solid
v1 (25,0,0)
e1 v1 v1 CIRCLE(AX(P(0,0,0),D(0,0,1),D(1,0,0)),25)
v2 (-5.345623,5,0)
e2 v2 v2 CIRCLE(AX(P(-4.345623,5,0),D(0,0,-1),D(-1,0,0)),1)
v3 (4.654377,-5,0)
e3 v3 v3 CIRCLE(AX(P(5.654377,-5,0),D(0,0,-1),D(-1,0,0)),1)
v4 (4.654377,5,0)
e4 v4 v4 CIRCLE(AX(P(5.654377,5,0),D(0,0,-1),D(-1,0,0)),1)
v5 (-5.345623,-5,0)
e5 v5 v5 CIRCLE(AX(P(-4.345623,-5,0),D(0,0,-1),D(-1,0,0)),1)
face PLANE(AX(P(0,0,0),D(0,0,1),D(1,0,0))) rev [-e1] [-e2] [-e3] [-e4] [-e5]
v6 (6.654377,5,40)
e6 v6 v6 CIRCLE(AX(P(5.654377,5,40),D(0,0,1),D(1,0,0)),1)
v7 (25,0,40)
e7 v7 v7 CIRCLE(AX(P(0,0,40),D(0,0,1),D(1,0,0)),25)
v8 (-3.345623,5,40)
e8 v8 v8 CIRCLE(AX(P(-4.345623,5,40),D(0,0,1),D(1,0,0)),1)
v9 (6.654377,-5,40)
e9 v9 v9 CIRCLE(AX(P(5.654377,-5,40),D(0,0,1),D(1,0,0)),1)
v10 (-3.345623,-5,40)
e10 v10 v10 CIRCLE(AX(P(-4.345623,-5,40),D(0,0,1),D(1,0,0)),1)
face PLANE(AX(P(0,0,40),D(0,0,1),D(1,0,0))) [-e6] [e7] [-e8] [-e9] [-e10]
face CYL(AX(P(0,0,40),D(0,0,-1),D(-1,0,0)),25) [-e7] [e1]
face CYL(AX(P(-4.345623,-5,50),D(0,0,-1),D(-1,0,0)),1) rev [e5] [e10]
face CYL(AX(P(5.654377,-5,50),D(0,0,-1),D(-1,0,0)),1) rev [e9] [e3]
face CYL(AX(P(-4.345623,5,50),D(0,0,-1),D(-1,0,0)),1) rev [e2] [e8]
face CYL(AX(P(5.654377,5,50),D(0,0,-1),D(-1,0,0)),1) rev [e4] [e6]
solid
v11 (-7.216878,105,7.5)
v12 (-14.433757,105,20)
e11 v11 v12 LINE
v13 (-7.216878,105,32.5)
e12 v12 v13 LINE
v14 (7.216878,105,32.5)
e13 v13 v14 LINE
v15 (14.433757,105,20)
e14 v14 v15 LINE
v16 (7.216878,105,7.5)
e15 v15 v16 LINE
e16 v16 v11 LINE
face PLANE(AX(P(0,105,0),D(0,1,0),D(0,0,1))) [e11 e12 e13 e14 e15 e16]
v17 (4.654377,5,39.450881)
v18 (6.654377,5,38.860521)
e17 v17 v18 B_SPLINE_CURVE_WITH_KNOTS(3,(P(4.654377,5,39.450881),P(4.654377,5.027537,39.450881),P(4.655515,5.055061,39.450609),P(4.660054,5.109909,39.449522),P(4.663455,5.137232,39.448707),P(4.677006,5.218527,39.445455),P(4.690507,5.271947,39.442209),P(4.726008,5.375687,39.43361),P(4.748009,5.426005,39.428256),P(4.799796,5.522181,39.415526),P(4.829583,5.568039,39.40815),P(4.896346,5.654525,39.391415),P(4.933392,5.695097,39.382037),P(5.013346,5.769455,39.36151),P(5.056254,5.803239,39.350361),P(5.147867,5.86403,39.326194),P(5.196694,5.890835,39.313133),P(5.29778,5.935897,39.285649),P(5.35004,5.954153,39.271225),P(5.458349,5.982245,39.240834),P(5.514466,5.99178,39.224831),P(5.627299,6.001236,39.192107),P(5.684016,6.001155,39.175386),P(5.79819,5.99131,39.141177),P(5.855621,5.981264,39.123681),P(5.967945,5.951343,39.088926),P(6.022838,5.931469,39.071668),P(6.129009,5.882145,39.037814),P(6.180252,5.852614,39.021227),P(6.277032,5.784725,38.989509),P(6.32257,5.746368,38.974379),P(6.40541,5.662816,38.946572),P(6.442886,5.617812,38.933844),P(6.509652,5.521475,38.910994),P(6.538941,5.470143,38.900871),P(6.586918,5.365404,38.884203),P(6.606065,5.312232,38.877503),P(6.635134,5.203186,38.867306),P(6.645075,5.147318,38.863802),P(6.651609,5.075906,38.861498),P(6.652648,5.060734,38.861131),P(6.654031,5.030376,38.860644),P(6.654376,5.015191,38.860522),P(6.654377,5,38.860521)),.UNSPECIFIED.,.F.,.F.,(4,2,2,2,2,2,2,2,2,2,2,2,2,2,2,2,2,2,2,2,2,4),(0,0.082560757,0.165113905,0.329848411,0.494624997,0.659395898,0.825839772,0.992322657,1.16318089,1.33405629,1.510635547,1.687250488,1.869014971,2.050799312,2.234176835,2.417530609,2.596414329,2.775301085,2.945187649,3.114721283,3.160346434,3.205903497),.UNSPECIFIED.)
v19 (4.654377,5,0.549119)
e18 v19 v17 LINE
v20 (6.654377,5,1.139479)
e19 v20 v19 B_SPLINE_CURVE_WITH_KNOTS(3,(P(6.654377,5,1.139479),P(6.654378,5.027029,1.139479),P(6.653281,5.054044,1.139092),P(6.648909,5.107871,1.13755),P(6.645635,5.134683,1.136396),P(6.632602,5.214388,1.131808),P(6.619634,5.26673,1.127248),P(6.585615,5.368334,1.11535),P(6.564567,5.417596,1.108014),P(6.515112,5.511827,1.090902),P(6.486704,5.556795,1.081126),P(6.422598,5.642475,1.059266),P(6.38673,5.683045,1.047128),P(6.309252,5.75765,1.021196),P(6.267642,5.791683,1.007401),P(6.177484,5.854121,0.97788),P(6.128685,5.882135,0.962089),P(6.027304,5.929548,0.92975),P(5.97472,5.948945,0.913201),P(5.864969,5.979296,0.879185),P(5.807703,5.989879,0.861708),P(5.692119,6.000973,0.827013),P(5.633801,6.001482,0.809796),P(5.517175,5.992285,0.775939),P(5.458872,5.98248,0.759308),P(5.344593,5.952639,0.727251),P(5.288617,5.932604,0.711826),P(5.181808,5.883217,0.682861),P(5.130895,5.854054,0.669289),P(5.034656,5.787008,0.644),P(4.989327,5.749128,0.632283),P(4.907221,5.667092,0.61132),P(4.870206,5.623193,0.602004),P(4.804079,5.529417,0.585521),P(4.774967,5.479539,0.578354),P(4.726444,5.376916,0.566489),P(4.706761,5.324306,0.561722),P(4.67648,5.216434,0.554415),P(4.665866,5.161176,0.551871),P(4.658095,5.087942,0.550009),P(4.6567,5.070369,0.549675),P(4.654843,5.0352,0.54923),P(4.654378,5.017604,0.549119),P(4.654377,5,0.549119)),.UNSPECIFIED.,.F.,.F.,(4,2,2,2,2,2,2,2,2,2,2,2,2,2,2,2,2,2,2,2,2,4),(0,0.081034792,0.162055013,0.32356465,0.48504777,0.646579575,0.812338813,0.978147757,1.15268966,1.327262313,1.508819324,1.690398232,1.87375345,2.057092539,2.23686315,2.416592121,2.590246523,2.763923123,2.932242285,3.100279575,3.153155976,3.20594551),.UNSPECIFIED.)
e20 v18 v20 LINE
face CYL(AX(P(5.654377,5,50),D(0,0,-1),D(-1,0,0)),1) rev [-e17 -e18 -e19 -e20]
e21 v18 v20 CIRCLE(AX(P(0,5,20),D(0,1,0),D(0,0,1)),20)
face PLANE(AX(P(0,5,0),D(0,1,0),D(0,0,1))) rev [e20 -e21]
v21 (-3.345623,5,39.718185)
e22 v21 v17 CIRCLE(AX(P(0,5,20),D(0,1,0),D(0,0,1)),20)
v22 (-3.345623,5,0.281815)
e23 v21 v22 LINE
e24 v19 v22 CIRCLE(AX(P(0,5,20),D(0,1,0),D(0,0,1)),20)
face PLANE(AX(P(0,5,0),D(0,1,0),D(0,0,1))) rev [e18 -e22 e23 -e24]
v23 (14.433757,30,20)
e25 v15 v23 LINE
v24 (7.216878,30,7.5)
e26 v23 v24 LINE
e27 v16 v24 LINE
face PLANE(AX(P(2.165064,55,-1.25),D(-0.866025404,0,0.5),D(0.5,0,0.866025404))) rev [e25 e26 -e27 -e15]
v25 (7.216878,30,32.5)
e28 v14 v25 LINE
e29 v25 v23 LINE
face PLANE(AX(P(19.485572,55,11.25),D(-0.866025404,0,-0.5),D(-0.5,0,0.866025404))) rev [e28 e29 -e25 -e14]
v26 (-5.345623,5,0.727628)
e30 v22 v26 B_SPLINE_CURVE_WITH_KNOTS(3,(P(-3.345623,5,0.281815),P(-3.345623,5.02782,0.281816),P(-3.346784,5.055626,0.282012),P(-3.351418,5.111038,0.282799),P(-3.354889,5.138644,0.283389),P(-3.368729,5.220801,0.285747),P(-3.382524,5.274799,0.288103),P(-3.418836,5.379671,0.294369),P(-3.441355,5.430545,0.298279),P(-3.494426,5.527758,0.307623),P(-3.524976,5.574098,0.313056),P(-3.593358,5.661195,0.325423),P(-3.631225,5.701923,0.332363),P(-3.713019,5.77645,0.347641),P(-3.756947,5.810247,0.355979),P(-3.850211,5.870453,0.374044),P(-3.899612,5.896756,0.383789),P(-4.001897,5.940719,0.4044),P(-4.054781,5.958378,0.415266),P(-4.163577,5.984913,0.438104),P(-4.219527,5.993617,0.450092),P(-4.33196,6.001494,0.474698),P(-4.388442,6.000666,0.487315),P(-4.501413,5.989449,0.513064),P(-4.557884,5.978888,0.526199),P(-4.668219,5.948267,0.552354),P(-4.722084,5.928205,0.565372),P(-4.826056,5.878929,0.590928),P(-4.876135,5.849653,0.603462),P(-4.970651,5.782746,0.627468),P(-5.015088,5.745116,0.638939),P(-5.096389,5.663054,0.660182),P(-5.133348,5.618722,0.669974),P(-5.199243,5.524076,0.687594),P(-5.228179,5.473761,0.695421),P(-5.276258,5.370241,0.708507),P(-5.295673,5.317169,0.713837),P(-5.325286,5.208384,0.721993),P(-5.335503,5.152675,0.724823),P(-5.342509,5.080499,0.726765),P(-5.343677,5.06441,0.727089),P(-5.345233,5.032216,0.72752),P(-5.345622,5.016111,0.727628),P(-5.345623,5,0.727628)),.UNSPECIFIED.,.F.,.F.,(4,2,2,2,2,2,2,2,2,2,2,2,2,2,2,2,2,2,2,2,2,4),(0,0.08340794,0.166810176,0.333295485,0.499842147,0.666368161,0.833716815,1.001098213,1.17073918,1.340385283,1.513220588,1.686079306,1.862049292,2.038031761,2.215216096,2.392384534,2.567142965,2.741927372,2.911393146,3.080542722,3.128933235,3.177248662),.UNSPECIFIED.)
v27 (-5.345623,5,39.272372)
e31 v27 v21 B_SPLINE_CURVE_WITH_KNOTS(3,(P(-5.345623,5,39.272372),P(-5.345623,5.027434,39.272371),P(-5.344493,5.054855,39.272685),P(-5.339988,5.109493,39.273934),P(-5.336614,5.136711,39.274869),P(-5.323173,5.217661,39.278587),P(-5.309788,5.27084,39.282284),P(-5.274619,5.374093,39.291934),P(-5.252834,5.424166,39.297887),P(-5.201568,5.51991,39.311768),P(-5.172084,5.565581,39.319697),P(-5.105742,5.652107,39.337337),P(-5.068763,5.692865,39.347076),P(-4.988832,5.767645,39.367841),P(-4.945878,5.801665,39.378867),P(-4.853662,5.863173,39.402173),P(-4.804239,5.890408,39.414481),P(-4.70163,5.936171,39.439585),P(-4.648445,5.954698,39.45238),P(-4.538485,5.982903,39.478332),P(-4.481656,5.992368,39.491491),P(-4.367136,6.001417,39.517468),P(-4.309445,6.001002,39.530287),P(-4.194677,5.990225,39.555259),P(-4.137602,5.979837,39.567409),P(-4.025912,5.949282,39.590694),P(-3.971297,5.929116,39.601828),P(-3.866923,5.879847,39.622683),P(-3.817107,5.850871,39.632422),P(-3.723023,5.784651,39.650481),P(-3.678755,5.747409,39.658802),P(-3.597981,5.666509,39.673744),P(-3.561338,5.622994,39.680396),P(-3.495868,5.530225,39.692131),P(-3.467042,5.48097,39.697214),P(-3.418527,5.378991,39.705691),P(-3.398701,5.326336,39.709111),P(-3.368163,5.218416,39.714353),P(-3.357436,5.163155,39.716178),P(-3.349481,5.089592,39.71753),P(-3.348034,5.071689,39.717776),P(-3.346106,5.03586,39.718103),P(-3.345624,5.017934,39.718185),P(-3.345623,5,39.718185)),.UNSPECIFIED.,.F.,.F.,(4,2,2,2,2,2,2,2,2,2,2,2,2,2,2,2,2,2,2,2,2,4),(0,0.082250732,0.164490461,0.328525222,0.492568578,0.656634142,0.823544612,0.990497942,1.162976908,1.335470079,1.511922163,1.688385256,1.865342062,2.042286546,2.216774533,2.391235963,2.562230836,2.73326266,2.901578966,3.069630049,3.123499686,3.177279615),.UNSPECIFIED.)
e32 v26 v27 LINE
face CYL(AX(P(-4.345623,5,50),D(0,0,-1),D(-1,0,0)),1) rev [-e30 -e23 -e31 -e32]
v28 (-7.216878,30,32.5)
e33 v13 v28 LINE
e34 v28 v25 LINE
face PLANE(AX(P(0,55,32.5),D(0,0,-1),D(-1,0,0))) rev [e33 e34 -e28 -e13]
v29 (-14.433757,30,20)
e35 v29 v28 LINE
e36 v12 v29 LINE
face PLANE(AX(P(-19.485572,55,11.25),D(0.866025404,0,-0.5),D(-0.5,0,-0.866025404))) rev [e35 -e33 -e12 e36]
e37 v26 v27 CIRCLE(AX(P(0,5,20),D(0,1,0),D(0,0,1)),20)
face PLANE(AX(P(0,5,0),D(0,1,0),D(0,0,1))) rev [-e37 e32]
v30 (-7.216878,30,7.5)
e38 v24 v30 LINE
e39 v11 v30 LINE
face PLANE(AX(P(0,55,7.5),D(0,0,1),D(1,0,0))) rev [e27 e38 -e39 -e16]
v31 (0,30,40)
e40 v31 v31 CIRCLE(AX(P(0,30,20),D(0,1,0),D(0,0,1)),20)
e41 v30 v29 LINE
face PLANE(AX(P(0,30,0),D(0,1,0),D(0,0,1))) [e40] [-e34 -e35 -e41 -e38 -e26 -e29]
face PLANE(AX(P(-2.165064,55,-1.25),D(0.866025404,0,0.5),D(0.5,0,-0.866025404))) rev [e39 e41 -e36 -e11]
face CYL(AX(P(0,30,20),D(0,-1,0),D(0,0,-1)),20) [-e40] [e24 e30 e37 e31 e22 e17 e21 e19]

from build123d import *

# Parameters (mm, degrees)
SKETCH1_R           = 25
BOSS_EXTRUDE1_DEPTH = 40
SKETCH2_R           = 20
BOSS_EXTRUDE2_DEPTH = 25
BOSS_EXTRUDE3_DEPTH = 25
BOSS_EXTRUDE4_DEPTH = 50
SKETCH5_R           = 1
CUT_EXTRUDE1_DEPTH  = 50


with BuildPart() as part:
    # Sketch1 → Boss-Extrude1 (new body)
    with BuildSketch(Plane.XY):
        Circle(SKETCH1_R)
    extrude(amount=BOSS_EXTRUDE1_DEPTH)


with BuildPart() as body_2:
    # Sketch2 → Boss-Extrude2 (new body)
    with BuildSketch(Plane(origin=(0, 5, 0), x_dir=(1, 0, 0), z_dir=(0, 1, 0))):
        with Locations(Location((0, -20, 0), (0, 0, 270))):
            Circle(SKETCH2_R)
    extrude(amount=BOSS_EXTRUDE2_DEPTH)

    # Sketch3 → Boss-Extrude3 (add)
    with BuildSketch(Plane(origin=(0, 30, 0), x_dir=(1, 0, 0), z_dir=(0, 1, 0))):
        Polygon((0, -20), (0, -7.5), (-7.216878365, -7.5), (-14.43375673, -20), (-7.216878365, -32.5), (7.216878365, -32.5), (14.43375673, -20), align=None)
        Polygon((7.216878365, -7.5), (0, -7.5), (0, -20), (14.43375673, -20), align=None)
    extrude(amount=BOSS_EXTRUDE3_DEPTH)

    # Sketch4 → Boss-Extrude4 (add)
    with BuildSketch(Plane(origin=(0, 55, 0), x_dir=(1, 0, 0), z_dir=(0, 1, 0))):
        Polygon((7.216878365, -32.5), (14.43375673, -20), (7.216878365, -7.5), (-7.216878365, -7.5), (-14.43375673, -20), (-7.216878365, -32.5), align=None)
    extrude(amount=BOSS_EXTRUDE4_DEPTH)


with BuildPart() as cut_extrude1_tool:
    # Sketch5 → Cut-Extrude1 (new body)
    with BuildSketch(Plane(origin=(0, 0, 0), x_dir=(-1, 0, 0), z_dir=(0, 0, -1))):
        with Locations((-5.654377193, 5)):
            Circle(SKETCH5_R)
        with Locations((4.345622807, 5)):
            Circle(SKETCH5_R)
        with Locations((4.345622807, -5)):
            Circle(SKETCH5_R)
        with Locations((-5.654377193, -5)):
            Circle(SKETCH5_R)
    extrude(amount=-CUT_EXTRUDE1_DEPTH)


with BuildPart() as part_1:
    add(part.part)

    # Cut-Extrude1: cut by cut_extrude1_tool
    add(cut_extrude1_tool.part, mode=Mode.SUBTRACT)


with BuildPart() as body_2_1:
    add(body_2.part)

    # Cut-Extrude1: cut by cut_extrude1_tool
    add(cut_extrude1_tool.part, mode=Mode.SUBTRACT)


solid = Compound([part_1.part, body_2_1.part])
